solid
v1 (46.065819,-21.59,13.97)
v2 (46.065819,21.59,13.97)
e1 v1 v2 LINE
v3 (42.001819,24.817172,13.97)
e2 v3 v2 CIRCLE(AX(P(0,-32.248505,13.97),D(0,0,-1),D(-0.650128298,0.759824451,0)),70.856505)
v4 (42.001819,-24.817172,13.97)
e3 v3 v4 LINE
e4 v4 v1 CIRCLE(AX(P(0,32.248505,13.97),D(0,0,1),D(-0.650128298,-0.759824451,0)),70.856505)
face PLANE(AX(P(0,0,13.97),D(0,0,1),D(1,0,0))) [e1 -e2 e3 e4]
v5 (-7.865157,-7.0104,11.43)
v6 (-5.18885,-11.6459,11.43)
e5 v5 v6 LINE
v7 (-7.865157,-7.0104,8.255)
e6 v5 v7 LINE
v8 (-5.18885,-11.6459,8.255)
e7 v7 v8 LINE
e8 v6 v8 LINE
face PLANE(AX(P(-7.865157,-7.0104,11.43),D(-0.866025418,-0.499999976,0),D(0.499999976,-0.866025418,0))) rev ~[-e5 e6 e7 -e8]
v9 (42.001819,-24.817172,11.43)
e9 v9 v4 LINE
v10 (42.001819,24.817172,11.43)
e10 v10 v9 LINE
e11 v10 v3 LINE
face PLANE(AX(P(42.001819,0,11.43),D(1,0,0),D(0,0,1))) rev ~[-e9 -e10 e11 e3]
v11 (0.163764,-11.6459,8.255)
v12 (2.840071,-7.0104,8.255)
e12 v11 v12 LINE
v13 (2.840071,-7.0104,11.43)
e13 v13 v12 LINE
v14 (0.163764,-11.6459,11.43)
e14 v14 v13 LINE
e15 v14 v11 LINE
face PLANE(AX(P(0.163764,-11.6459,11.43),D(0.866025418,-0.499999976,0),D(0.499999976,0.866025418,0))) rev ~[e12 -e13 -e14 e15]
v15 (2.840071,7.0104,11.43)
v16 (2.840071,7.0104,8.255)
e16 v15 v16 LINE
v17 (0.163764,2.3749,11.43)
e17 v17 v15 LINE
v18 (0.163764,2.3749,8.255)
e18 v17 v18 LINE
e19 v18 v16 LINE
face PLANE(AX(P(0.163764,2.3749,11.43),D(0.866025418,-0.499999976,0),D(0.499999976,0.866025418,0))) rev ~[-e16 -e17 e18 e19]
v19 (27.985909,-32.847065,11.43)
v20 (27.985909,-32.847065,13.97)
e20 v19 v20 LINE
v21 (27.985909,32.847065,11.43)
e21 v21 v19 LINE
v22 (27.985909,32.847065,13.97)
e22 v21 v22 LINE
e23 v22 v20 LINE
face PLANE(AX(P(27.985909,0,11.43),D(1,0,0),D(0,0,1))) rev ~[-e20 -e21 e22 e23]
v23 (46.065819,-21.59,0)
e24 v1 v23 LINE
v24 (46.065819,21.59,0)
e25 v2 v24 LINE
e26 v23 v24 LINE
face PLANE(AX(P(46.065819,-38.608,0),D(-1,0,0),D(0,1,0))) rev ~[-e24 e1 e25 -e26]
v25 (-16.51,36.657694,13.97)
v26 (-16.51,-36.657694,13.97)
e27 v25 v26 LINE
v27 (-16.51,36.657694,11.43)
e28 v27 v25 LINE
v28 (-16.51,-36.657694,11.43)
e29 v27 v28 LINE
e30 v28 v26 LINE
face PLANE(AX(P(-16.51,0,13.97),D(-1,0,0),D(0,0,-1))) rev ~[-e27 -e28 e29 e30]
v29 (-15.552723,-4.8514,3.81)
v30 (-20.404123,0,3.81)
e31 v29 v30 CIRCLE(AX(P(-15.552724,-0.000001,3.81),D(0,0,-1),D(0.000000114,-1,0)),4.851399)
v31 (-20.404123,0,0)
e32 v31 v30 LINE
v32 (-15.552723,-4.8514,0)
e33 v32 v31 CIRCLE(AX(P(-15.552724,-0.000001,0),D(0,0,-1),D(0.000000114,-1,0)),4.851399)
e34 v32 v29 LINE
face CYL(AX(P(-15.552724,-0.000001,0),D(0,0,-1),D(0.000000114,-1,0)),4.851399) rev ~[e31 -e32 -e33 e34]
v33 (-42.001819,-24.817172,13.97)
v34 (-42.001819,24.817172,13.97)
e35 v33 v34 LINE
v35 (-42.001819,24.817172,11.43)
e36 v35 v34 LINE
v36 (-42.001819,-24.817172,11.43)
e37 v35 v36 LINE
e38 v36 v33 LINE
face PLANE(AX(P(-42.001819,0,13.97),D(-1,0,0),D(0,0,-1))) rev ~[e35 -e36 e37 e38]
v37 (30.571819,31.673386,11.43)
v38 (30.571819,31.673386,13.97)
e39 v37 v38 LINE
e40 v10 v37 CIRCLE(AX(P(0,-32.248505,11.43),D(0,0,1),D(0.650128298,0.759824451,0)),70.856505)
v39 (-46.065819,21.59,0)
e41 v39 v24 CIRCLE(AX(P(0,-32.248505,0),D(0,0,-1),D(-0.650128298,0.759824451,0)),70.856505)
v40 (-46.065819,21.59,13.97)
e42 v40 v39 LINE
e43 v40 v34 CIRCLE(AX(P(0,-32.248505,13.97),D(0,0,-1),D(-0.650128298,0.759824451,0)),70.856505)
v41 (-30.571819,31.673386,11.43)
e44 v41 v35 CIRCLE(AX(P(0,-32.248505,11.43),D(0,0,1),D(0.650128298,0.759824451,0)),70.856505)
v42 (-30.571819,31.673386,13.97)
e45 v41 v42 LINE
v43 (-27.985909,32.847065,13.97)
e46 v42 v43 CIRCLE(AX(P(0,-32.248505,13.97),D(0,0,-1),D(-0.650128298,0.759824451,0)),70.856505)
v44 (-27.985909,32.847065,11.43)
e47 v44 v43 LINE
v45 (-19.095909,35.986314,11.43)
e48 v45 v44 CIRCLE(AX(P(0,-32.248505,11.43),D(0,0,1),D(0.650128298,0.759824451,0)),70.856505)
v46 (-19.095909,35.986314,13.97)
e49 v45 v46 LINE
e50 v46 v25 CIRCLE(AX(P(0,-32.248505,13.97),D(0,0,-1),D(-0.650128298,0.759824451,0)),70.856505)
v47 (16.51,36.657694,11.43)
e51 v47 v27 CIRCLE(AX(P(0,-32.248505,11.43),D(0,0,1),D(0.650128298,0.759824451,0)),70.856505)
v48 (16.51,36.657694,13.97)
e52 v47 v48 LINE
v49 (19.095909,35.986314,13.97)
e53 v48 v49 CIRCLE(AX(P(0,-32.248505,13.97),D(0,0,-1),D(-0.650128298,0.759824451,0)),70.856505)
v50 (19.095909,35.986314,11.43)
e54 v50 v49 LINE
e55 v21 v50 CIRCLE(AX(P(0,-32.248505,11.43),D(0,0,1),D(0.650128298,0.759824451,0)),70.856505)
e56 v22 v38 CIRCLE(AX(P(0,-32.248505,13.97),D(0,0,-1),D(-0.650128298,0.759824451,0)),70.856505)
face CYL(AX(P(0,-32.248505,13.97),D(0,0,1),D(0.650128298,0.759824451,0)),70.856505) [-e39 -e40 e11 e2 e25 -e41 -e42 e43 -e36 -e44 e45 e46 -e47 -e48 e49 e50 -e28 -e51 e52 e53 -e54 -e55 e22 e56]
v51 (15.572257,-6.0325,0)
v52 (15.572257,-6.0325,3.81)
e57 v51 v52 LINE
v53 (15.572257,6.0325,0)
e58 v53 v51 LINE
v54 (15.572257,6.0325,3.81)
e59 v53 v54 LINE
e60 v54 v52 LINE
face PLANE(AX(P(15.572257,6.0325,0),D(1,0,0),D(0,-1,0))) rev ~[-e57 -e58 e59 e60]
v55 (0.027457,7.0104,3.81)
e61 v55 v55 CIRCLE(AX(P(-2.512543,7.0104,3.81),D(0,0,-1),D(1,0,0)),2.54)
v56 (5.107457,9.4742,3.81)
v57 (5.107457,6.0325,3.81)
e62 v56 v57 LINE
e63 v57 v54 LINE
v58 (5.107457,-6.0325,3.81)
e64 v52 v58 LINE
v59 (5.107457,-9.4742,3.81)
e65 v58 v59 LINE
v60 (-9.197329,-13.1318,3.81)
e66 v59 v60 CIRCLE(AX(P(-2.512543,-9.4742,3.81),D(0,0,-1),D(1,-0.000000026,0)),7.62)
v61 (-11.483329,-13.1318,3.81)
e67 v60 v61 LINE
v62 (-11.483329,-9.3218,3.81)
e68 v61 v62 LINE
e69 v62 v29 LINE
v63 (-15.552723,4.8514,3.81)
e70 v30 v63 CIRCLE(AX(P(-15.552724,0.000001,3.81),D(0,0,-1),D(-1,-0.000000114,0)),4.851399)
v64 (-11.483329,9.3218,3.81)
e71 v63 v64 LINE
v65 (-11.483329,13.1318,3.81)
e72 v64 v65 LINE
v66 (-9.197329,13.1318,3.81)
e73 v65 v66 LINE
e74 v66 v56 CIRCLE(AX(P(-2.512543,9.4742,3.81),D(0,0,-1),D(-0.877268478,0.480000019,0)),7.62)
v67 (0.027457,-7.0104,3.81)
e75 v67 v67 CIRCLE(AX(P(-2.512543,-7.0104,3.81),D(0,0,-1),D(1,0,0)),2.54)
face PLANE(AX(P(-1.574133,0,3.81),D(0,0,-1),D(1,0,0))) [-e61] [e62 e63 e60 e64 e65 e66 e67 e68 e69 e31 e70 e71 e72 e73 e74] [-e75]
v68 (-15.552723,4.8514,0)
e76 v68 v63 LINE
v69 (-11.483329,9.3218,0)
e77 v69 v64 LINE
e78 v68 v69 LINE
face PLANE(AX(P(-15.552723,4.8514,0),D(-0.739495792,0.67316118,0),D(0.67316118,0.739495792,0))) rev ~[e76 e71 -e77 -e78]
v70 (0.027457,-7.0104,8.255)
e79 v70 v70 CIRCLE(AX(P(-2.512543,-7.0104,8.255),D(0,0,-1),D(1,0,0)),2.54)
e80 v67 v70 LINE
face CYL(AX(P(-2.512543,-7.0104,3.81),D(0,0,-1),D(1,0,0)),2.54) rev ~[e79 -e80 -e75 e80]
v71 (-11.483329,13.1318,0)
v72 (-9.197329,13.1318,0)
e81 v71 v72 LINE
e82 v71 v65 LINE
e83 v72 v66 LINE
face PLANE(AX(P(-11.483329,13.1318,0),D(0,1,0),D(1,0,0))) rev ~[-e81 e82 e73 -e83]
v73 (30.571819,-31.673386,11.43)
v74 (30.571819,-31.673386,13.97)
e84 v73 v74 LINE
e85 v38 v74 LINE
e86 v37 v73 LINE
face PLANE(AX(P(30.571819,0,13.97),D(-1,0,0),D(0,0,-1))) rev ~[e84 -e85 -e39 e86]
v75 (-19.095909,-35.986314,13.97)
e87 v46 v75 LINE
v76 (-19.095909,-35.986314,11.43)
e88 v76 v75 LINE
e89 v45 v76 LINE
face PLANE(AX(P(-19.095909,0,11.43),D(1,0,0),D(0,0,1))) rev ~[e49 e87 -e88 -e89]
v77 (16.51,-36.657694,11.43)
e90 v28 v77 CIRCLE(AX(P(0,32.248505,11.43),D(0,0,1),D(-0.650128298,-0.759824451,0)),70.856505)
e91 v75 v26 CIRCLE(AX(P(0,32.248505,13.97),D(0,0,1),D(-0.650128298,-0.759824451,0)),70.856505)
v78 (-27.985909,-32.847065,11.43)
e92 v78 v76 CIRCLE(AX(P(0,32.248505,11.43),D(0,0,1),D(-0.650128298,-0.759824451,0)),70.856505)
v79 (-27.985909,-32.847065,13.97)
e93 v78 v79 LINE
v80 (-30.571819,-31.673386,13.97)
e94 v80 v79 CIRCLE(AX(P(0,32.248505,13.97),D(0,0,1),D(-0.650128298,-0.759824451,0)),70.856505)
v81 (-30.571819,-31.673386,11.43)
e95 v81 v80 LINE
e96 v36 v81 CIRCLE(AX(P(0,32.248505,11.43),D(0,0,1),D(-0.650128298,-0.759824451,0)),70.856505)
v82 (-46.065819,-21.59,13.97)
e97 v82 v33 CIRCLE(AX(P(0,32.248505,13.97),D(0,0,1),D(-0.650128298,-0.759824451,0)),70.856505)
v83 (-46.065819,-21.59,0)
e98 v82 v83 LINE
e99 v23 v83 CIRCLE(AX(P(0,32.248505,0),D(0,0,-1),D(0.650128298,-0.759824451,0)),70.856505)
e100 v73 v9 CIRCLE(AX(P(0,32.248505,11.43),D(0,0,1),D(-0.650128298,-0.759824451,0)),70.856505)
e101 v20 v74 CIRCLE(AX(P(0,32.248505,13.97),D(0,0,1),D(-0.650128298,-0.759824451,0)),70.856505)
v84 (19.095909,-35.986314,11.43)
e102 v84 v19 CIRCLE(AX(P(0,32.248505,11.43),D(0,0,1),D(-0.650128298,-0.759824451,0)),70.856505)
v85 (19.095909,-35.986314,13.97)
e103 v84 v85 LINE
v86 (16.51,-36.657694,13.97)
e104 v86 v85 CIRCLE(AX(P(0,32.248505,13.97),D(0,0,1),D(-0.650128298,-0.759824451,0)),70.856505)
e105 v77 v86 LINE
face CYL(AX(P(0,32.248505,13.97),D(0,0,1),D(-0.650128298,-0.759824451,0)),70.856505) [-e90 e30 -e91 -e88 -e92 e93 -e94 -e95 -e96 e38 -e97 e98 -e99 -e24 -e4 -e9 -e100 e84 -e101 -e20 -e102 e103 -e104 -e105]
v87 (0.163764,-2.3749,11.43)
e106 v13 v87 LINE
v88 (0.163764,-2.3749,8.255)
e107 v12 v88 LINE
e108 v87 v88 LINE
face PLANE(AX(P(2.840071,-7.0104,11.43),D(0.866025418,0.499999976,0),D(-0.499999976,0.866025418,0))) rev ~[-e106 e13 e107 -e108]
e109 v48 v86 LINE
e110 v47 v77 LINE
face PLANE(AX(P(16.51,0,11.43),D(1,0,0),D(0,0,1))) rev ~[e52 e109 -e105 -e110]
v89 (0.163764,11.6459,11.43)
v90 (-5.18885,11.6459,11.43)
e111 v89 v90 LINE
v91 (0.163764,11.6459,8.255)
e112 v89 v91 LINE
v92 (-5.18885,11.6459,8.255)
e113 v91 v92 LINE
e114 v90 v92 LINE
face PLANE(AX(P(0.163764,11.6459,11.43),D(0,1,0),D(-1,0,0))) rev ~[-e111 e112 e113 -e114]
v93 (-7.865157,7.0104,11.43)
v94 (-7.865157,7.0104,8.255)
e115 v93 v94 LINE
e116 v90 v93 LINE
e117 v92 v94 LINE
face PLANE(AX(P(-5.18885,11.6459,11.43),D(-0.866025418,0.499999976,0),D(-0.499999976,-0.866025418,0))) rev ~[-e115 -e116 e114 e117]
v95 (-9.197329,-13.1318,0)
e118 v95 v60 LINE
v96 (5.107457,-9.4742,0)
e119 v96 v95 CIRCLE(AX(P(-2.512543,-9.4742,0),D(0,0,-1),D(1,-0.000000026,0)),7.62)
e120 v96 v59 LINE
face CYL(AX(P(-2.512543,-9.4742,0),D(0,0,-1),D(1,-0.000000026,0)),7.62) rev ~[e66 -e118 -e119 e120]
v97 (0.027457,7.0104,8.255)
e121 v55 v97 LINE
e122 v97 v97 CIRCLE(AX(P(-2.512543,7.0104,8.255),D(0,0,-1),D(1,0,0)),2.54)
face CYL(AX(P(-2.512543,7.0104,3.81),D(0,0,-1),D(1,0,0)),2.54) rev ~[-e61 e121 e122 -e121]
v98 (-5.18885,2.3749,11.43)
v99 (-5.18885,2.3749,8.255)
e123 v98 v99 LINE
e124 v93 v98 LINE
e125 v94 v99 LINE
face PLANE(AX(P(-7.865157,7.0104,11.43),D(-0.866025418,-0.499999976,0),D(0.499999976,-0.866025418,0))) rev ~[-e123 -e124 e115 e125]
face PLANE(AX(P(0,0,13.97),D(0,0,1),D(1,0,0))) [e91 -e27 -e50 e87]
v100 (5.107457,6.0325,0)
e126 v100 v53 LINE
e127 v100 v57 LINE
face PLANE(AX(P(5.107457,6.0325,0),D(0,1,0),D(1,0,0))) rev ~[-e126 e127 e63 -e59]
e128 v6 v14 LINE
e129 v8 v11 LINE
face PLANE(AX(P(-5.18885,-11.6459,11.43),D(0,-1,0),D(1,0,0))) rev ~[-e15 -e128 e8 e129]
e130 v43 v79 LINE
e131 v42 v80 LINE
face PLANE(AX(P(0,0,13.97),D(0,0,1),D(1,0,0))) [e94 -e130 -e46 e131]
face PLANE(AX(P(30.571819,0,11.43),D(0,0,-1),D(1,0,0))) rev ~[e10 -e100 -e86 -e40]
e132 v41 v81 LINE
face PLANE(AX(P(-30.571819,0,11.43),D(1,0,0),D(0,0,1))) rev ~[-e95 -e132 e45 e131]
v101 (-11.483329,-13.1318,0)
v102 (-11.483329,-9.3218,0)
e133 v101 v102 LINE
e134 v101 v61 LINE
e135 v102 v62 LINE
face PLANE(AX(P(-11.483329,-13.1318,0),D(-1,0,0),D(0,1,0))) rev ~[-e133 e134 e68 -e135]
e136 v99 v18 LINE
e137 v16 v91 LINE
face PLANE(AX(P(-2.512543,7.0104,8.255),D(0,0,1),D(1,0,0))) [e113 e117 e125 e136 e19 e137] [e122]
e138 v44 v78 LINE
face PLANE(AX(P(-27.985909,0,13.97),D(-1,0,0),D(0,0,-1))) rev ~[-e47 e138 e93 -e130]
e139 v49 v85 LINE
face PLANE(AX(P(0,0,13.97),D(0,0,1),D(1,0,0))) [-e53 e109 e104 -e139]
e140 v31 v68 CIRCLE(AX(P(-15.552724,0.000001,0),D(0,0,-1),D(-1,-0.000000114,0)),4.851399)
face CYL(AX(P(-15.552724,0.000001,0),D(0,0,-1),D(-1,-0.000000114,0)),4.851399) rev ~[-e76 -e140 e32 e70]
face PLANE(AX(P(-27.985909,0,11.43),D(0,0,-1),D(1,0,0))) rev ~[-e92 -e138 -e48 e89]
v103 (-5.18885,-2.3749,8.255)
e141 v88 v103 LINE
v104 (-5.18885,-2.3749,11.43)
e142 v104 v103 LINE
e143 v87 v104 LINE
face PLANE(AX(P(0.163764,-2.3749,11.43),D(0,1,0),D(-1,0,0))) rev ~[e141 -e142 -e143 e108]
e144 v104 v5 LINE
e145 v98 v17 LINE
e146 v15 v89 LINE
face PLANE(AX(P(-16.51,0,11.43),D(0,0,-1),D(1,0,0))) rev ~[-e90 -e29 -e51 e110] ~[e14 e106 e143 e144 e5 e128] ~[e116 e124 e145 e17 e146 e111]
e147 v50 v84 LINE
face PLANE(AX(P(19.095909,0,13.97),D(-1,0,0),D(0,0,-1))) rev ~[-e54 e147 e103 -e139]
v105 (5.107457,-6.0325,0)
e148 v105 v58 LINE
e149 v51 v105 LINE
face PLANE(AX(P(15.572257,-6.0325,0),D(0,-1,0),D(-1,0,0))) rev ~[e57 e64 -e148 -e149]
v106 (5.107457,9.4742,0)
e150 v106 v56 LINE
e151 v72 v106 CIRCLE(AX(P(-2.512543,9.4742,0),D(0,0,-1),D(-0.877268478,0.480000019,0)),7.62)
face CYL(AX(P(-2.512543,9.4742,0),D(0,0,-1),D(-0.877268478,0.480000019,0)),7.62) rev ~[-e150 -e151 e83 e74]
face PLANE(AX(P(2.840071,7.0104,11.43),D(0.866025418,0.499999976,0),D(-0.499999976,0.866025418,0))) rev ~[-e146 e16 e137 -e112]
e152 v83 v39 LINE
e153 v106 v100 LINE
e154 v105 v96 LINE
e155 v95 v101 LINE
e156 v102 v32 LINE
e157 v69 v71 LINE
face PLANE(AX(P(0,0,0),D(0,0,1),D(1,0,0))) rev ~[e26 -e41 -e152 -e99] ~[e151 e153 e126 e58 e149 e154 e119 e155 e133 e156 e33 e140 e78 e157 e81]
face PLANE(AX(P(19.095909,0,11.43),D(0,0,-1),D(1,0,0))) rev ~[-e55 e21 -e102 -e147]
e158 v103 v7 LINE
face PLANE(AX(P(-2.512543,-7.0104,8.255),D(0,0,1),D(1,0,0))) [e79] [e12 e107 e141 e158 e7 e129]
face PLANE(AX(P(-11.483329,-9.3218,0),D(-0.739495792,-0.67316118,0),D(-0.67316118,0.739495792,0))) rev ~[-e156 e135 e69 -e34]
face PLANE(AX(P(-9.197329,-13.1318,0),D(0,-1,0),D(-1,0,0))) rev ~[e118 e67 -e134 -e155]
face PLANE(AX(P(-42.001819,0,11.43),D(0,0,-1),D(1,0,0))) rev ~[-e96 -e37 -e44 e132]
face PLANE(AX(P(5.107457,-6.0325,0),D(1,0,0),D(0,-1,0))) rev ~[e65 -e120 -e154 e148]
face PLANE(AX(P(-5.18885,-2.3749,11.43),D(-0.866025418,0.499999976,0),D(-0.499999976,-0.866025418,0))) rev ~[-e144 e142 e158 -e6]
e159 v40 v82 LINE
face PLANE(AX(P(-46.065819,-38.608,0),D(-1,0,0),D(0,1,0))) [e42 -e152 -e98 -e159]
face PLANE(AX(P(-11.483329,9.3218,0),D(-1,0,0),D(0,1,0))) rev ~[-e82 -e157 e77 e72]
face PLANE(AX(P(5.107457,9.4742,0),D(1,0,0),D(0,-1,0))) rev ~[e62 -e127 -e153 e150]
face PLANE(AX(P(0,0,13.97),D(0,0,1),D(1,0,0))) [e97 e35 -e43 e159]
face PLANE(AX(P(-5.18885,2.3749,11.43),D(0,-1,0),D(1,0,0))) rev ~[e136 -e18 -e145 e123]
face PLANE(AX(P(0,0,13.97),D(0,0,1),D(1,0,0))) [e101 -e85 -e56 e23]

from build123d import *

# Parameters (mm, degrees)
F0_W      = 92.131638
F0_H      = 77.216
F1_DEPTH  = 13.97
F3_DEPTH  = 13.971
F5_DEPTH  = 38.609
F6_DEPTH  = 38.609
F8_DEPTH  = 3.81
F9_R      = 2.54
F10_DEPTH = 25.4
F12_DEPTH = 3.175


with BuildPart() as f1:
    # F0 (on Top) → F1 (new body)
    with BuildSketch(Plane.XY):
        Rectangle(F0_W, F0_H)
    extrude(amount=F1_DEPTH)

    # F2 (on face) → F3 (intersect, through all)
    with BuildSketch(Plane.XY.offset(13.97)):
        with BuildLine():
            Line((46.065819, 0), (46.065819, 21.59))
            ThreePointArc((46.065819, 21.59), (0, 38.608), (-46.065819, 21.59))
            Line((-46.065819, 21.59), (-46.065819, 0))
            Line((-46.065819, 0), (-46.065819, -21.59))
            ThreePointArc((-46.065819, -21.59), (0, -38.608), (46.065819, -21.59))
            Line((46.065819, -21.59), (46.065819, 0))
        make_face()
    extrude(amount=-F3_DEPTH, mode=Mode.INTERSECT)

    # F4 (on Front) → F5 (cut, through all)
    with BuildSketch(Plane.XZ):
        Polygon((30.571819, 13.97), (30.571819, 12.7), (30.571819, 11.43), (42.001819, 11.43), (42.001819, 13.97), align=None)
        Polygon((19.095909, 13.97), (19.095909, 12.7), (19.095909, 11.43), (27.985909, 11.43), (27.985909, 12.7), (27.985909, 13.97), align=None)
        Polygon((-16.51, 13.97), (-16.51, 12.7), (-16.51, 11.43), (0, 11.43), (16.51, 11.43), (16.51, 12.7), (16.51, 13.97), align=None)
        Polygon((-27.985909, 13.97), (-27.985909, 12.7), (-27.985909, 11.43), (-19.095909, 11.43), (-19.095909, 12.7), (-19.095909, 13.97), align=None)
        Polygon((-30.571819, 13.97), (-42.001819, 13.97), (-42.001819, 11.43), (-30.571819, 11.43), (-30.571819, 12.7), align=None)
    extrude(amount=-F5_DEPTH, mode=Mode.SUBTRACT)

    # F4 (on Front) → F6 (cut, through all)
    with BuildSketch(Plane.XZ):
        Polygon((30.571819, 13.97), (30.571819, 12.7), (30.571819, 11.43), (42.001819, 11.43), (42.001819, 13.97), align=None)
        Polygon((19.095909, 13.97), (19.095909, 12.7), (19.095909, 11.43), (27.985909, 11.43), (27.985909, 12.7), (27.985909, 13.97), align=None)
        Polygon((-16.51, 13.97), (-16.51, 12.7), (-16.51, 11.43), (0, 11.43), (16.51, 11.43), (16.51, 12.7), (16.51, 13.97), align=None)
        Polygon((-27.985909, 13.97), (-27.985909, 12.7), (-27.985909, 11.43), (-19.095909, 11.43), (-19.095909, 12.7), (-19.095909, 13.97), align=None)
        Polygon((-30.571819, 13.97), (-42.001819, 13.97), (-42.001819, 11.43), (-30.571819, 11.43), (-30.571819, 12.7), align=None)
    extrude(amount=F6_DEPTH, mode=Mode.SUBTRACT)

    # F7 (on face) → F8 (cut)
    with BuildSketch(Plane(origin=(0, 0, 0), x_dir=(1, 0, 0), z_dir=(0, 0, -1))):
        with BuildLine():
            ThreePointArc((-15.552723, 4.8514), (-18.983181, 3.430458), (-20.404123, 0))
            ThreePointArc((-20.404123, 0), (-18.983181, -3.430458), (-15.552723, -4.8514))
            Line((-15.552723, -4.8514), (-11.483329, -9.3218))
            Line((-11.483329, -9.3218), (-11.483329, -13.1318))
            Line((-11.483329, -13.1318), (-9.197329, -13.1318))
            ThreePointArc((-9.197329, -13.1318), (-0.624908, -16.856695), (5.107457, -9.4742))
            Line((5.107457, -9.4742), (5.107457, -6.0325))
            Line((5.107457, -6.0325), (15.572257, -6.0325))
            Line((15.572257, -6.0325), (15.572257, 0))
            Line((15.572257, 0), (15.572257, 6.0325))
            Line((15.572257, 6.0325), (5.107457, 6.0325))
            Line((5.107457, 6.0325), (5.107457, 9.4742))
            ThreePointArc((5.107457, 9.4742), (-0.624908, 16.856695), (-9.197329, 13.1318))
            Line((-9.197329, 13.1318), (-11.483329, 13.1318))
            Line((-11.483329, 13.1318), (-11.483329, 9.3218))
            Line((-11.483329, 9.3218), (-15.552723, 4.8514))
        make_face()
    extrude(amount=-F8_DEPTH, mode=Mode.SUBTRACT)

    # F9 (on face) → F10 (cut)
    with BuildSketch(Plane(origin=(0, 0, 3.81), x_dir=(1, 0, 0), z_dir=(0, 0, -1))):
        with Locations((-2.512543, -7.0104)):
            Circle(F9_R)
        with Locations((-2.512543, 7.0104)):
            Circle(F9_R)
    extrude(amount=-F10_DEPTH, mode=Mode.SUBTRACT)

    # F11 (on face) → F12 (cut)
    with BuildSketch(Plane.XY.offset(11.43)):
        Polygon((-5.18885, -2.3749), (-7.865157, -7.0104), (-5.18885, -11.6459), (0.163764, -11.6459), (2.840071, -7.0104), (0.163764, -2.3749), align=None)
        Polygon((0.163764, 11.6459), (-5.18885, 11.6459), (-7.865157, 7.0104), (-5.18885, 2.3749), (0.163764, 2.3749), (2.840071, 7.0104), align=None)
    extrude(amount=-F12_DEPTH, mode=Mode.SUBTRACT)


solid = f1.part
